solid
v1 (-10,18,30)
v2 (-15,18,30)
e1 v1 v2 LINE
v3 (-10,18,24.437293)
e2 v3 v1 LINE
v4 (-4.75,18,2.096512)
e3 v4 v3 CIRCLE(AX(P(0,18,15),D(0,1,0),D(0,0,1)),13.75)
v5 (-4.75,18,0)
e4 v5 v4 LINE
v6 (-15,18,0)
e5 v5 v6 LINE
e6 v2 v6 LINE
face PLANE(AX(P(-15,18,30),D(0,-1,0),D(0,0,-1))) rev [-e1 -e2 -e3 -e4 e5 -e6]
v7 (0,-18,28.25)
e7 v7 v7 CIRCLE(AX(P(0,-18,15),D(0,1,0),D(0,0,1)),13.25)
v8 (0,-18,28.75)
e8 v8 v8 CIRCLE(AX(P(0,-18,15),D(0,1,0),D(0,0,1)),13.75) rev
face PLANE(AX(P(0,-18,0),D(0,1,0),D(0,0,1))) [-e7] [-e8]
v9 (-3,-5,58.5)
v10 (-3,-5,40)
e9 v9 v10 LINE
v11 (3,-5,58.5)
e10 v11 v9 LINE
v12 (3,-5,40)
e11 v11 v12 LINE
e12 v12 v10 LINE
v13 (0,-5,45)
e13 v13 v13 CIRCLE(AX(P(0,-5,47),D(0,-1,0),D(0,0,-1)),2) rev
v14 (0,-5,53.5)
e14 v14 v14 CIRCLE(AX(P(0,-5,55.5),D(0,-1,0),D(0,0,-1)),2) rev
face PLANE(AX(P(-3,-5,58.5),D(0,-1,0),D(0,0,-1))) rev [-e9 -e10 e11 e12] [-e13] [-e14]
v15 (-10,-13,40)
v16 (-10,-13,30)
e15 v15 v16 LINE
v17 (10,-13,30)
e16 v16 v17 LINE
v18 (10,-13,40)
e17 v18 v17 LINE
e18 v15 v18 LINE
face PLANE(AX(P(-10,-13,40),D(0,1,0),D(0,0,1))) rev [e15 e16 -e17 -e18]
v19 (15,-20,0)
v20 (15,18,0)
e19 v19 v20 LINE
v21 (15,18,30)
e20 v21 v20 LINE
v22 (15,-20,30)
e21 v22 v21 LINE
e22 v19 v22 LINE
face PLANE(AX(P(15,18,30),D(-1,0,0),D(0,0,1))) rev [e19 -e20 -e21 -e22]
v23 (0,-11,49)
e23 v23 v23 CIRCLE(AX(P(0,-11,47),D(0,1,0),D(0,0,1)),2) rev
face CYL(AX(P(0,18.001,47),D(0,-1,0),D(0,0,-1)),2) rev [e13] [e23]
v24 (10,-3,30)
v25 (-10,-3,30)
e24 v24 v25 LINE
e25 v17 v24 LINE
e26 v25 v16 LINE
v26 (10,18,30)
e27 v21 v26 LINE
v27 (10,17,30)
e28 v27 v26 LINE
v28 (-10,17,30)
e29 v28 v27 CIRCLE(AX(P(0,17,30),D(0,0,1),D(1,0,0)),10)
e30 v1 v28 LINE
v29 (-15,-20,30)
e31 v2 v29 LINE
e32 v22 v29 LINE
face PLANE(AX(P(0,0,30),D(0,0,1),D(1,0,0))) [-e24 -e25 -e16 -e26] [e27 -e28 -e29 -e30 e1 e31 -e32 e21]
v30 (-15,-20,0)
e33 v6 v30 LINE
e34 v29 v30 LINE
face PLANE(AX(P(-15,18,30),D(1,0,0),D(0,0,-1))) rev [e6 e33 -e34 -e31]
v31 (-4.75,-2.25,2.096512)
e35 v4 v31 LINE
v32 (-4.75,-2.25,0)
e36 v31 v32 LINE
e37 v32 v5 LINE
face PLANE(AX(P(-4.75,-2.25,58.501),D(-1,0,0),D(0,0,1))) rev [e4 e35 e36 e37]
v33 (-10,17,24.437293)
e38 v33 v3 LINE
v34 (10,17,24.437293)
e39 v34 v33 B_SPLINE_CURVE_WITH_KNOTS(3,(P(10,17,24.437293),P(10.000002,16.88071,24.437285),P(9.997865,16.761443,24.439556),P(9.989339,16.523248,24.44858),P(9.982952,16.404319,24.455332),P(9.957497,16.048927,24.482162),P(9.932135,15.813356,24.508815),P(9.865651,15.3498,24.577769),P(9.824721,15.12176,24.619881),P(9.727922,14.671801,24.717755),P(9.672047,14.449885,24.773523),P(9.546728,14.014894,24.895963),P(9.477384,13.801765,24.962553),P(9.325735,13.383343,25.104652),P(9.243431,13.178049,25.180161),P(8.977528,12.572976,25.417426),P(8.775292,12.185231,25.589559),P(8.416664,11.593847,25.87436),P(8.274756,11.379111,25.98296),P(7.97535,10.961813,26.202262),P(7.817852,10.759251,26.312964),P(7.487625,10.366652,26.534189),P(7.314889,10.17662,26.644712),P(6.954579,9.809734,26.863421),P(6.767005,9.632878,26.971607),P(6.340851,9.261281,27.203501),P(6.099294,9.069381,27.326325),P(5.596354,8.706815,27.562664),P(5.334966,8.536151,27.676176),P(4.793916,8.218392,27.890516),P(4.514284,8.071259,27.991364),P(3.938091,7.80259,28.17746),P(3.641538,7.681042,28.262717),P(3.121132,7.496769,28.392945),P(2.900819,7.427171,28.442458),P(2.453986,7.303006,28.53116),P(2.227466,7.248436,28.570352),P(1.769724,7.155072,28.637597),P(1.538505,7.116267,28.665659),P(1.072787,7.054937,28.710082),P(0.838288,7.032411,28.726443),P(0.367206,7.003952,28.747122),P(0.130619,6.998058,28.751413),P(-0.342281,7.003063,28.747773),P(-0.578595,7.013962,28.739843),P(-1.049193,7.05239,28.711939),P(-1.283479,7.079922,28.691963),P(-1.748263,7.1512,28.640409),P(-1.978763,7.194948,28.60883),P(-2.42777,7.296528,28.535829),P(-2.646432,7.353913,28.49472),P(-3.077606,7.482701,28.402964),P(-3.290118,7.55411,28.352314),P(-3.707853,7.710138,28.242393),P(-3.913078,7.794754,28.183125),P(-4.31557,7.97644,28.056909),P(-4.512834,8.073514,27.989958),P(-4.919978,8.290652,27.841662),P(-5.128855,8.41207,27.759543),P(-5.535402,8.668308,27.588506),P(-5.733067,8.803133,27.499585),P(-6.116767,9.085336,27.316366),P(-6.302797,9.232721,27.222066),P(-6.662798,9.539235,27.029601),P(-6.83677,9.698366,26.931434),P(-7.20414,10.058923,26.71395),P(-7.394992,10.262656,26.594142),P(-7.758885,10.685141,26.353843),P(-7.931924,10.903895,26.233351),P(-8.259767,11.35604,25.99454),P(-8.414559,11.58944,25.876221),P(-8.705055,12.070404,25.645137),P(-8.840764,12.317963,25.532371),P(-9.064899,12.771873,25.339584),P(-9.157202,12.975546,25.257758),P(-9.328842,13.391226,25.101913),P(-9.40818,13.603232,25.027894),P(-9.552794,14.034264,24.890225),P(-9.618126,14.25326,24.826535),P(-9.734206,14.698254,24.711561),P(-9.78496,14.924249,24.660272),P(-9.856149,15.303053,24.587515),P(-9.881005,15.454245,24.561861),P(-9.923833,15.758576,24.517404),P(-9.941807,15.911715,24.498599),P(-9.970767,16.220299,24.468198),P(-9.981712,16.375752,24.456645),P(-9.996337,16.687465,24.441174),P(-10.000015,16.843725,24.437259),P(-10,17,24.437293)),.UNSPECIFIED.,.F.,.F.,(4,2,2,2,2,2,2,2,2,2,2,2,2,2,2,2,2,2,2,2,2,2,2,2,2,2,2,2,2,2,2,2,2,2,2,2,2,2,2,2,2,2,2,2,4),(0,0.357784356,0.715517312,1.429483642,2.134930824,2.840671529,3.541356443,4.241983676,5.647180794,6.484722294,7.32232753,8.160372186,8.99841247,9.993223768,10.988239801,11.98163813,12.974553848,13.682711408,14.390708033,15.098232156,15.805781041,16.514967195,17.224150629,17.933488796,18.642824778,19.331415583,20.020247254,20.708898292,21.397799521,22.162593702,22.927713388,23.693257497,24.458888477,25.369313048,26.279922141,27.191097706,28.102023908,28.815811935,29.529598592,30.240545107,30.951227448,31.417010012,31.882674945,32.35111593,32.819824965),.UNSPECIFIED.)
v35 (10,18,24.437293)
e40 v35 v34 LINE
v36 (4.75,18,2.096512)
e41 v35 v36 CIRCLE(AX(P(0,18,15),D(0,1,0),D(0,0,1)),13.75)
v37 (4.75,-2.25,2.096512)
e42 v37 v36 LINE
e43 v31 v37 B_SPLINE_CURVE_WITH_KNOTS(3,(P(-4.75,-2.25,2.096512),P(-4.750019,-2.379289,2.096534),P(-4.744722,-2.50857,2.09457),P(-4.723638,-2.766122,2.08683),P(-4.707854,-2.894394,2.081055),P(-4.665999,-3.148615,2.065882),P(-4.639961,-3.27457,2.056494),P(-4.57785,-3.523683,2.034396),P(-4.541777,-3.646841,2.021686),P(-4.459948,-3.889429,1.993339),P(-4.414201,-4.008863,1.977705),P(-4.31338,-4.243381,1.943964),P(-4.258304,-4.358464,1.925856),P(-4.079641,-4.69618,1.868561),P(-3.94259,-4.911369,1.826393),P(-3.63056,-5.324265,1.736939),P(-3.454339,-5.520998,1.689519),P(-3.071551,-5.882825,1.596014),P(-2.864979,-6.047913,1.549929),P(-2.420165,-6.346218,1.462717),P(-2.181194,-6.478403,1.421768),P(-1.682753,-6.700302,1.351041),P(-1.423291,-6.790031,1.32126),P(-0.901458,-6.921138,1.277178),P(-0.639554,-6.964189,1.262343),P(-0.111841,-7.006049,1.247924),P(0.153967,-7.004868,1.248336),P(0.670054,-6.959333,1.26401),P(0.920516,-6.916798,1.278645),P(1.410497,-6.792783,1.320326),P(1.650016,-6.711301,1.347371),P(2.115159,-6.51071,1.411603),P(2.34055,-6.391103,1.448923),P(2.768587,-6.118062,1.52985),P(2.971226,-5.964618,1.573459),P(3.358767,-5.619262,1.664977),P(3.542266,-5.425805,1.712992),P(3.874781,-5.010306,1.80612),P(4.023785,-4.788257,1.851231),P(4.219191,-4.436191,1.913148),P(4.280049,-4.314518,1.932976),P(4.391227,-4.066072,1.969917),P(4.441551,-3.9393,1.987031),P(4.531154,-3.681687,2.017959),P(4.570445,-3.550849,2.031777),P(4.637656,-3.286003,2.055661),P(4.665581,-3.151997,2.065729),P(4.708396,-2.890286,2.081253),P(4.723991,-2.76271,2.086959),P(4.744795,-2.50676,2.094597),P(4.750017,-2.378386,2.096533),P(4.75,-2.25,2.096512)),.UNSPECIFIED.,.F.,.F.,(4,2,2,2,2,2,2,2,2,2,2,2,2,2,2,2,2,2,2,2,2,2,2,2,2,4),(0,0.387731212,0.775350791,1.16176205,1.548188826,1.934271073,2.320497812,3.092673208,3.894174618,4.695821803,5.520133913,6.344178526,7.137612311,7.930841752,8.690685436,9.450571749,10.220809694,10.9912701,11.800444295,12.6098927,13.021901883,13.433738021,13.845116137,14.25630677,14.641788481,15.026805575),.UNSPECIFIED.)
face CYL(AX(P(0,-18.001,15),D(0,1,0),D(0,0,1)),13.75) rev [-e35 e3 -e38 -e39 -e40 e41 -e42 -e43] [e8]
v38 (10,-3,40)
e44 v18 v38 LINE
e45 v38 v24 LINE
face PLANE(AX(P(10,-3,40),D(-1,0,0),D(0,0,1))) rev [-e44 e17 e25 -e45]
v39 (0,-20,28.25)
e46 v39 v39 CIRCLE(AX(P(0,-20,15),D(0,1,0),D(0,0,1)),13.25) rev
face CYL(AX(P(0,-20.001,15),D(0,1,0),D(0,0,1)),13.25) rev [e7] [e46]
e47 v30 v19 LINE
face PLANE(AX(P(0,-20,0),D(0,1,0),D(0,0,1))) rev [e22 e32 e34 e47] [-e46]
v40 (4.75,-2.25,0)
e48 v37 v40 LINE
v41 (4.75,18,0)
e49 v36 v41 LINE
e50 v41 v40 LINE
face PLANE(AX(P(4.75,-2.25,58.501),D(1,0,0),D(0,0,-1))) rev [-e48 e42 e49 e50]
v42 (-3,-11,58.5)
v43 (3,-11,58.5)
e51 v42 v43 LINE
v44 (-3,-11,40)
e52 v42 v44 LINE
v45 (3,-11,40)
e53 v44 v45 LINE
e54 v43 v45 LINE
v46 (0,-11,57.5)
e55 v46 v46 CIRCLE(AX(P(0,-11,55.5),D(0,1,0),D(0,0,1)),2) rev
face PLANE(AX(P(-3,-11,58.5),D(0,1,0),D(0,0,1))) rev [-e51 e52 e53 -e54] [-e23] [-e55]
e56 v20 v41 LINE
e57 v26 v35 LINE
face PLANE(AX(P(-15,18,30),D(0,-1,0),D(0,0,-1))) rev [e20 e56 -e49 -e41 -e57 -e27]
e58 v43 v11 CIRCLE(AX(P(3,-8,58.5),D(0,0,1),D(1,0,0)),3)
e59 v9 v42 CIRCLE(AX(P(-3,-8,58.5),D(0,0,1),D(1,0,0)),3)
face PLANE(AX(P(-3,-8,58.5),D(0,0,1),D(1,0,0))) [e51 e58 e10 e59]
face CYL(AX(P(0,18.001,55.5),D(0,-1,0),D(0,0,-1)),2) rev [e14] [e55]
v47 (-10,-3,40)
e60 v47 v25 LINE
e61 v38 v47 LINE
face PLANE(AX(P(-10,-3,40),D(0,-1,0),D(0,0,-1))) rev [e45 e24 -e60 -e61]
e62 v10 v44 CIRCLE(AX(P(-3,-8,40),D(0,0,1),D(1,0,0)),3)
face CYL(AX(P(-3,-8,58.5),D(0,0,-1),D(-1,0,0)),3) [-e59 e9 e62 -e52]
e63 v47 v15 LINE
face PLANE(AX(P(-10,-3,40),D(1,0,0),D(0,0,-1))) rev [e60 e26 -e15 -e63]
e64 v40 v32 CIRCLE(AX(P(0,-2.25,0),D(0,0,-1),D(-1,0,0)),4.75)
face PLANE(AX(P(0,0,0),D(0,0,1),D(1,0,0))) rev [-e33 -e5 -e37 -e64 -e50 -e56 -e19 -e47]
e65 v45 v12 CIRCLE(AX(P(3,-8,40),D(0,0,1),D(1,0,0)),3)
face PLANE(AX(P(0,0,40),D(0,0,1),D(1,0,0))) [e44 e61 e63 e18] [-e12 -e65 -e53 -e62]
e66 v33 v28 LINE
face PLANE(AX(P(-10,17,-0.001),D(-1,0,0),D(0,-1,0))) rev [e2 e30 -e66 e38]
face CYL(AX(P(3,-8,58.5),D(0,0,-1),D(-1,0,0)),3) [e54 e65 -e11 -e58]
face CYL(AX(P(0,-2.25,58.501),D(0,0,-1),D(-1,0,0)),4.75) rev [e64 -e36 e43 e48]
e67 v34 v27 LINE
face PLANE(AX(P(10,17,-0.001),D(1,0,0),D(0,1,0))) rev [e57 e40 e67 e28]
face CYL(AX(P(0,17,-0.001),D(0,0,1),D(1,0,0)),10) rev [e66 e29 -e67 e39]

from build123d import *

# Parameters (mm, degrees)
SKETCH1_W               = 30
SKETCH1_H               = 36
BOSS_EXTRUDE1_DEPTH     = 30
SKETCH2_W               = 20
SKETCH2_H               = 10
BOSS_EXTRUDE2_DEPTH     = 10
BOSS_EXTRUDE3_DEPTH     = 18.5
CUT_EXTRUDE2_REACH      = 72.308
SKETCH4_R               = 13.75
CUT_EXTRUDE5_REACH      = 65.018
CUT_EXTRUDE5_END_RADIUS = 13.75
CUT_EXTRUDE6_REACH      = 40.066
CUT_EXTRUDE6_END_RADIUS = 13.75
CUT_EXTRUDE7_REACH      = 72.308
SKETCH9_R               = 2
SKETCH10_W              = 30
SKETCH10_H              = 30
BOSS_EXTRUDE4_DEPTH     = 2
CUT_EXTRUDE8_REACH      = 72.308
SKETCH11_R              = 13.25


with BuildPart() as part:
    # Sketch1 → Boss-Extrude1 (new body)
    with BuildSketch(Plane.XY):
        Rectangle(SKETCH1_W, SKETCH1_H)
    extrude(amount=BOSS_EXTRUDE1_DEPTH)

    # Sketch2 → Boss-Extrude2 (add)
    with BuildSketch(Plane.XY.offset(30)):
        with Locations((0, -8)):
            Rectangle(SKETCH2_W, SKETCH2_H)
    extrude(amount=BOSS_EXTRUDE2_DEPTH)

    # Sketch3 → Boss-Extrude3 (add)
    with BuildSketch(Plane.XY.offset(40)):
        with BuildLine():
            Line((-3, -5), (3, -5))
            ThreePointArc((3, -5), (6, -8), (3, -11))
            Line((3, -11), (-3, -11))
            ThreePointArc((-3, -11), (-6, -8), (-3, -5))
        make_face()
    extrude(amount=BOSS_EXTRUDE3_DEPTH)

    # Sketch4 → Cut-Extrude2 (cut, up to next)
    with BuildSketch(Plane(origin=(0, 18, 0), x_dir=(1, 0, 0), z_dir=(0, 1, 0)), mode=Mode.PRIVATE) as cut_extrude2_sk1:
        with Locations(Location((0, -15, 0), (0, 0, 270))):
            Circle(SKETCH4_R)
    cut_extrude2_tool1 = extrude(cut_extrude2_sk1.sketch, amount=-CUT_EXTRUDE2_REACH, mode=Mode.PRIVATE) & part.part
    add(cut_extrude2_tool1.solids().sort_by_distance((0, 18, 15))[0], mode=Mode.SUBTRACT)

    # Cut-Extrude5: up to this cylinder (the profile starts outside it)
    cut_extrude5_end = Plane(origin=(0, 7.875, 15), z_dir=(0, 1, 0)) * Cylinder(CUT_EXTRUDE5_END_RADIUS, 158.536, mode=Mode.PRIVATE)
    # Sketch6 → Cut-Extrude5 (cut, up to the surface)
    with BuildSketch(Plane(origin=(0, 0, 0), x_dir=(-1, 0, 0), z_dir=(0, 0, -1)), mode=Mode.PRIVATE) as cut_extrude5_sk1:
        with BuildLine():
            Line((-4.75, -2.25), (-4.75, 18))
            ThreePointArc((-4.75, 18), (0, 22.75), (4.75, 18))
            Line((4.75, 18), (4.75, -2.25))
            ThreePointArc((4.75, -2.25), (0, -7), (-4.75, -2.25))
        make_face()
    cut_extrude5_tool1 = extrude(cut_extrude5_sk1.sketch, amount=-CUT_EXTRUDE5_REACH, mode=Mode.PRIVATE) - cut_extrude5_end
    add(cut_extrude5_tool1.solids().sort_by_distance((0, 7.875, 0))[0], mode=Mode.SUBTRACT)

    # Cut-Extrude6: up to this cylinder (the profile starts outside it)
    cut_extrude6_end = Plane(origin=(0, 17.5, 15), z_dir=(0, 1, 0)) * Cylinder(CUT_EXTRUDE6_END_RADIUS, 108.632, mode=Mode.PRIVATE)
    # Sketch8 → Cut-Extrude6 (cut, up to the surface)
    with BuildSketch(Plane.XY.offset(30), mode=Mode.PRIVATE) as cut_extrude6_sk1:
        with BuildLine():
            Line((-10, 17), (-10, 18))
            ThreePointArc((-10, 18), (0, 28), (10, 18))
            Line((10, 18), (10, 17))
            ThreePointArc((10, 17), (0, 7), (-10, 17))
        make_face()
    cut_extrude6_tool1 = extrude(cut_extrude6_sk1.sketch, amount=-CUT_EXTRUDE6_REACH, mode=Mode.PRIVATE) - cut_extrude6_end
    add(cut_extrude6_tool1.solids().sort_by_distance((0, 17.5, 30))[0], mode=Mode.SUBTRACT)

    # Sketch9 → Cut-Extrude7 (cut, up to next)
    with BuildSketch(Plane.XZ.offset(18), mode=Mode.PRIVATE) as cut_extrude7_sk1:
        with Locations(Location((0, 55.5, 0), (0, 0, 270))):
            Circle(SKETCH9_R)
    cut_extrude7_tool1 = extrude(cut_extrude7_sk1.sketch, amount=-CUT_EXTRUDE7_REACH, mode=Mode.PRIVATE) & part.part
    # Sketch9 → Cut-Extrude7 (cut, up to next)
    with BuildSketch(Plane.XZ.offset(18), mode=Mode.PRIVATE) as cut_extrude7_sk2:
        with Locations(Location((0, 47, 0), (0, 0, 270))):
            Circle(SKETCH9_R)
    cut_extrude7_tool2 = extrude(cut_extrude7_sk2.sketch, amount=-CUT_EXTRUDE7_REACH, mode=Mode.PRIVATE) & part.part
    add(cut_extrude7_tool1.solids().sort_by_distance((0, -18, 55.5))[0], mode=Mode.SUBTRACT)
    add(cut_extrude7_tool2.solids().sort_by_distance((0, -18, 47))[0], mode=Mode.SUBTRACT)

    # Sketch10 → Boss-Extrude4 (add)
    with BuildSketch(Plane(origin=(0, -18, 0), x_dir=(-1, 0, 0), z_dir=(0, -1, 0))):
        with Locations((0, -15)):
            Rectangle(SKETCH10_W, SKETCH10_H)
    extrude(amount=BOSS_EXTRUDE4_DEPTH)

    # Sketch11 → Cut-Extrude8 (cut, up to next)
    with BuildSketch(Plane(origin=(0, -18, 0), x_dir=(1, 0, 0), z_dir=(0, 1, 0)), mode=Mode.PRIVATE) as cut_extrude8_sk1:
        with Locations(Location((0, -15, 0), (0, 0, 270))):
            Circle(SKETCH11_R)
    cut_extrude8_tool1 = extrude(cut_extrude8_sk1.sketch, amount=-CUT_EXTRUDE8_REACH, mode=Mode.PRIVATE) & part.part
    add(cut_extrude8_tool1.solids().sort_by_distance((0, -18, 15))[0], mode=Mode.SUBTRACT)


solid = part.part
